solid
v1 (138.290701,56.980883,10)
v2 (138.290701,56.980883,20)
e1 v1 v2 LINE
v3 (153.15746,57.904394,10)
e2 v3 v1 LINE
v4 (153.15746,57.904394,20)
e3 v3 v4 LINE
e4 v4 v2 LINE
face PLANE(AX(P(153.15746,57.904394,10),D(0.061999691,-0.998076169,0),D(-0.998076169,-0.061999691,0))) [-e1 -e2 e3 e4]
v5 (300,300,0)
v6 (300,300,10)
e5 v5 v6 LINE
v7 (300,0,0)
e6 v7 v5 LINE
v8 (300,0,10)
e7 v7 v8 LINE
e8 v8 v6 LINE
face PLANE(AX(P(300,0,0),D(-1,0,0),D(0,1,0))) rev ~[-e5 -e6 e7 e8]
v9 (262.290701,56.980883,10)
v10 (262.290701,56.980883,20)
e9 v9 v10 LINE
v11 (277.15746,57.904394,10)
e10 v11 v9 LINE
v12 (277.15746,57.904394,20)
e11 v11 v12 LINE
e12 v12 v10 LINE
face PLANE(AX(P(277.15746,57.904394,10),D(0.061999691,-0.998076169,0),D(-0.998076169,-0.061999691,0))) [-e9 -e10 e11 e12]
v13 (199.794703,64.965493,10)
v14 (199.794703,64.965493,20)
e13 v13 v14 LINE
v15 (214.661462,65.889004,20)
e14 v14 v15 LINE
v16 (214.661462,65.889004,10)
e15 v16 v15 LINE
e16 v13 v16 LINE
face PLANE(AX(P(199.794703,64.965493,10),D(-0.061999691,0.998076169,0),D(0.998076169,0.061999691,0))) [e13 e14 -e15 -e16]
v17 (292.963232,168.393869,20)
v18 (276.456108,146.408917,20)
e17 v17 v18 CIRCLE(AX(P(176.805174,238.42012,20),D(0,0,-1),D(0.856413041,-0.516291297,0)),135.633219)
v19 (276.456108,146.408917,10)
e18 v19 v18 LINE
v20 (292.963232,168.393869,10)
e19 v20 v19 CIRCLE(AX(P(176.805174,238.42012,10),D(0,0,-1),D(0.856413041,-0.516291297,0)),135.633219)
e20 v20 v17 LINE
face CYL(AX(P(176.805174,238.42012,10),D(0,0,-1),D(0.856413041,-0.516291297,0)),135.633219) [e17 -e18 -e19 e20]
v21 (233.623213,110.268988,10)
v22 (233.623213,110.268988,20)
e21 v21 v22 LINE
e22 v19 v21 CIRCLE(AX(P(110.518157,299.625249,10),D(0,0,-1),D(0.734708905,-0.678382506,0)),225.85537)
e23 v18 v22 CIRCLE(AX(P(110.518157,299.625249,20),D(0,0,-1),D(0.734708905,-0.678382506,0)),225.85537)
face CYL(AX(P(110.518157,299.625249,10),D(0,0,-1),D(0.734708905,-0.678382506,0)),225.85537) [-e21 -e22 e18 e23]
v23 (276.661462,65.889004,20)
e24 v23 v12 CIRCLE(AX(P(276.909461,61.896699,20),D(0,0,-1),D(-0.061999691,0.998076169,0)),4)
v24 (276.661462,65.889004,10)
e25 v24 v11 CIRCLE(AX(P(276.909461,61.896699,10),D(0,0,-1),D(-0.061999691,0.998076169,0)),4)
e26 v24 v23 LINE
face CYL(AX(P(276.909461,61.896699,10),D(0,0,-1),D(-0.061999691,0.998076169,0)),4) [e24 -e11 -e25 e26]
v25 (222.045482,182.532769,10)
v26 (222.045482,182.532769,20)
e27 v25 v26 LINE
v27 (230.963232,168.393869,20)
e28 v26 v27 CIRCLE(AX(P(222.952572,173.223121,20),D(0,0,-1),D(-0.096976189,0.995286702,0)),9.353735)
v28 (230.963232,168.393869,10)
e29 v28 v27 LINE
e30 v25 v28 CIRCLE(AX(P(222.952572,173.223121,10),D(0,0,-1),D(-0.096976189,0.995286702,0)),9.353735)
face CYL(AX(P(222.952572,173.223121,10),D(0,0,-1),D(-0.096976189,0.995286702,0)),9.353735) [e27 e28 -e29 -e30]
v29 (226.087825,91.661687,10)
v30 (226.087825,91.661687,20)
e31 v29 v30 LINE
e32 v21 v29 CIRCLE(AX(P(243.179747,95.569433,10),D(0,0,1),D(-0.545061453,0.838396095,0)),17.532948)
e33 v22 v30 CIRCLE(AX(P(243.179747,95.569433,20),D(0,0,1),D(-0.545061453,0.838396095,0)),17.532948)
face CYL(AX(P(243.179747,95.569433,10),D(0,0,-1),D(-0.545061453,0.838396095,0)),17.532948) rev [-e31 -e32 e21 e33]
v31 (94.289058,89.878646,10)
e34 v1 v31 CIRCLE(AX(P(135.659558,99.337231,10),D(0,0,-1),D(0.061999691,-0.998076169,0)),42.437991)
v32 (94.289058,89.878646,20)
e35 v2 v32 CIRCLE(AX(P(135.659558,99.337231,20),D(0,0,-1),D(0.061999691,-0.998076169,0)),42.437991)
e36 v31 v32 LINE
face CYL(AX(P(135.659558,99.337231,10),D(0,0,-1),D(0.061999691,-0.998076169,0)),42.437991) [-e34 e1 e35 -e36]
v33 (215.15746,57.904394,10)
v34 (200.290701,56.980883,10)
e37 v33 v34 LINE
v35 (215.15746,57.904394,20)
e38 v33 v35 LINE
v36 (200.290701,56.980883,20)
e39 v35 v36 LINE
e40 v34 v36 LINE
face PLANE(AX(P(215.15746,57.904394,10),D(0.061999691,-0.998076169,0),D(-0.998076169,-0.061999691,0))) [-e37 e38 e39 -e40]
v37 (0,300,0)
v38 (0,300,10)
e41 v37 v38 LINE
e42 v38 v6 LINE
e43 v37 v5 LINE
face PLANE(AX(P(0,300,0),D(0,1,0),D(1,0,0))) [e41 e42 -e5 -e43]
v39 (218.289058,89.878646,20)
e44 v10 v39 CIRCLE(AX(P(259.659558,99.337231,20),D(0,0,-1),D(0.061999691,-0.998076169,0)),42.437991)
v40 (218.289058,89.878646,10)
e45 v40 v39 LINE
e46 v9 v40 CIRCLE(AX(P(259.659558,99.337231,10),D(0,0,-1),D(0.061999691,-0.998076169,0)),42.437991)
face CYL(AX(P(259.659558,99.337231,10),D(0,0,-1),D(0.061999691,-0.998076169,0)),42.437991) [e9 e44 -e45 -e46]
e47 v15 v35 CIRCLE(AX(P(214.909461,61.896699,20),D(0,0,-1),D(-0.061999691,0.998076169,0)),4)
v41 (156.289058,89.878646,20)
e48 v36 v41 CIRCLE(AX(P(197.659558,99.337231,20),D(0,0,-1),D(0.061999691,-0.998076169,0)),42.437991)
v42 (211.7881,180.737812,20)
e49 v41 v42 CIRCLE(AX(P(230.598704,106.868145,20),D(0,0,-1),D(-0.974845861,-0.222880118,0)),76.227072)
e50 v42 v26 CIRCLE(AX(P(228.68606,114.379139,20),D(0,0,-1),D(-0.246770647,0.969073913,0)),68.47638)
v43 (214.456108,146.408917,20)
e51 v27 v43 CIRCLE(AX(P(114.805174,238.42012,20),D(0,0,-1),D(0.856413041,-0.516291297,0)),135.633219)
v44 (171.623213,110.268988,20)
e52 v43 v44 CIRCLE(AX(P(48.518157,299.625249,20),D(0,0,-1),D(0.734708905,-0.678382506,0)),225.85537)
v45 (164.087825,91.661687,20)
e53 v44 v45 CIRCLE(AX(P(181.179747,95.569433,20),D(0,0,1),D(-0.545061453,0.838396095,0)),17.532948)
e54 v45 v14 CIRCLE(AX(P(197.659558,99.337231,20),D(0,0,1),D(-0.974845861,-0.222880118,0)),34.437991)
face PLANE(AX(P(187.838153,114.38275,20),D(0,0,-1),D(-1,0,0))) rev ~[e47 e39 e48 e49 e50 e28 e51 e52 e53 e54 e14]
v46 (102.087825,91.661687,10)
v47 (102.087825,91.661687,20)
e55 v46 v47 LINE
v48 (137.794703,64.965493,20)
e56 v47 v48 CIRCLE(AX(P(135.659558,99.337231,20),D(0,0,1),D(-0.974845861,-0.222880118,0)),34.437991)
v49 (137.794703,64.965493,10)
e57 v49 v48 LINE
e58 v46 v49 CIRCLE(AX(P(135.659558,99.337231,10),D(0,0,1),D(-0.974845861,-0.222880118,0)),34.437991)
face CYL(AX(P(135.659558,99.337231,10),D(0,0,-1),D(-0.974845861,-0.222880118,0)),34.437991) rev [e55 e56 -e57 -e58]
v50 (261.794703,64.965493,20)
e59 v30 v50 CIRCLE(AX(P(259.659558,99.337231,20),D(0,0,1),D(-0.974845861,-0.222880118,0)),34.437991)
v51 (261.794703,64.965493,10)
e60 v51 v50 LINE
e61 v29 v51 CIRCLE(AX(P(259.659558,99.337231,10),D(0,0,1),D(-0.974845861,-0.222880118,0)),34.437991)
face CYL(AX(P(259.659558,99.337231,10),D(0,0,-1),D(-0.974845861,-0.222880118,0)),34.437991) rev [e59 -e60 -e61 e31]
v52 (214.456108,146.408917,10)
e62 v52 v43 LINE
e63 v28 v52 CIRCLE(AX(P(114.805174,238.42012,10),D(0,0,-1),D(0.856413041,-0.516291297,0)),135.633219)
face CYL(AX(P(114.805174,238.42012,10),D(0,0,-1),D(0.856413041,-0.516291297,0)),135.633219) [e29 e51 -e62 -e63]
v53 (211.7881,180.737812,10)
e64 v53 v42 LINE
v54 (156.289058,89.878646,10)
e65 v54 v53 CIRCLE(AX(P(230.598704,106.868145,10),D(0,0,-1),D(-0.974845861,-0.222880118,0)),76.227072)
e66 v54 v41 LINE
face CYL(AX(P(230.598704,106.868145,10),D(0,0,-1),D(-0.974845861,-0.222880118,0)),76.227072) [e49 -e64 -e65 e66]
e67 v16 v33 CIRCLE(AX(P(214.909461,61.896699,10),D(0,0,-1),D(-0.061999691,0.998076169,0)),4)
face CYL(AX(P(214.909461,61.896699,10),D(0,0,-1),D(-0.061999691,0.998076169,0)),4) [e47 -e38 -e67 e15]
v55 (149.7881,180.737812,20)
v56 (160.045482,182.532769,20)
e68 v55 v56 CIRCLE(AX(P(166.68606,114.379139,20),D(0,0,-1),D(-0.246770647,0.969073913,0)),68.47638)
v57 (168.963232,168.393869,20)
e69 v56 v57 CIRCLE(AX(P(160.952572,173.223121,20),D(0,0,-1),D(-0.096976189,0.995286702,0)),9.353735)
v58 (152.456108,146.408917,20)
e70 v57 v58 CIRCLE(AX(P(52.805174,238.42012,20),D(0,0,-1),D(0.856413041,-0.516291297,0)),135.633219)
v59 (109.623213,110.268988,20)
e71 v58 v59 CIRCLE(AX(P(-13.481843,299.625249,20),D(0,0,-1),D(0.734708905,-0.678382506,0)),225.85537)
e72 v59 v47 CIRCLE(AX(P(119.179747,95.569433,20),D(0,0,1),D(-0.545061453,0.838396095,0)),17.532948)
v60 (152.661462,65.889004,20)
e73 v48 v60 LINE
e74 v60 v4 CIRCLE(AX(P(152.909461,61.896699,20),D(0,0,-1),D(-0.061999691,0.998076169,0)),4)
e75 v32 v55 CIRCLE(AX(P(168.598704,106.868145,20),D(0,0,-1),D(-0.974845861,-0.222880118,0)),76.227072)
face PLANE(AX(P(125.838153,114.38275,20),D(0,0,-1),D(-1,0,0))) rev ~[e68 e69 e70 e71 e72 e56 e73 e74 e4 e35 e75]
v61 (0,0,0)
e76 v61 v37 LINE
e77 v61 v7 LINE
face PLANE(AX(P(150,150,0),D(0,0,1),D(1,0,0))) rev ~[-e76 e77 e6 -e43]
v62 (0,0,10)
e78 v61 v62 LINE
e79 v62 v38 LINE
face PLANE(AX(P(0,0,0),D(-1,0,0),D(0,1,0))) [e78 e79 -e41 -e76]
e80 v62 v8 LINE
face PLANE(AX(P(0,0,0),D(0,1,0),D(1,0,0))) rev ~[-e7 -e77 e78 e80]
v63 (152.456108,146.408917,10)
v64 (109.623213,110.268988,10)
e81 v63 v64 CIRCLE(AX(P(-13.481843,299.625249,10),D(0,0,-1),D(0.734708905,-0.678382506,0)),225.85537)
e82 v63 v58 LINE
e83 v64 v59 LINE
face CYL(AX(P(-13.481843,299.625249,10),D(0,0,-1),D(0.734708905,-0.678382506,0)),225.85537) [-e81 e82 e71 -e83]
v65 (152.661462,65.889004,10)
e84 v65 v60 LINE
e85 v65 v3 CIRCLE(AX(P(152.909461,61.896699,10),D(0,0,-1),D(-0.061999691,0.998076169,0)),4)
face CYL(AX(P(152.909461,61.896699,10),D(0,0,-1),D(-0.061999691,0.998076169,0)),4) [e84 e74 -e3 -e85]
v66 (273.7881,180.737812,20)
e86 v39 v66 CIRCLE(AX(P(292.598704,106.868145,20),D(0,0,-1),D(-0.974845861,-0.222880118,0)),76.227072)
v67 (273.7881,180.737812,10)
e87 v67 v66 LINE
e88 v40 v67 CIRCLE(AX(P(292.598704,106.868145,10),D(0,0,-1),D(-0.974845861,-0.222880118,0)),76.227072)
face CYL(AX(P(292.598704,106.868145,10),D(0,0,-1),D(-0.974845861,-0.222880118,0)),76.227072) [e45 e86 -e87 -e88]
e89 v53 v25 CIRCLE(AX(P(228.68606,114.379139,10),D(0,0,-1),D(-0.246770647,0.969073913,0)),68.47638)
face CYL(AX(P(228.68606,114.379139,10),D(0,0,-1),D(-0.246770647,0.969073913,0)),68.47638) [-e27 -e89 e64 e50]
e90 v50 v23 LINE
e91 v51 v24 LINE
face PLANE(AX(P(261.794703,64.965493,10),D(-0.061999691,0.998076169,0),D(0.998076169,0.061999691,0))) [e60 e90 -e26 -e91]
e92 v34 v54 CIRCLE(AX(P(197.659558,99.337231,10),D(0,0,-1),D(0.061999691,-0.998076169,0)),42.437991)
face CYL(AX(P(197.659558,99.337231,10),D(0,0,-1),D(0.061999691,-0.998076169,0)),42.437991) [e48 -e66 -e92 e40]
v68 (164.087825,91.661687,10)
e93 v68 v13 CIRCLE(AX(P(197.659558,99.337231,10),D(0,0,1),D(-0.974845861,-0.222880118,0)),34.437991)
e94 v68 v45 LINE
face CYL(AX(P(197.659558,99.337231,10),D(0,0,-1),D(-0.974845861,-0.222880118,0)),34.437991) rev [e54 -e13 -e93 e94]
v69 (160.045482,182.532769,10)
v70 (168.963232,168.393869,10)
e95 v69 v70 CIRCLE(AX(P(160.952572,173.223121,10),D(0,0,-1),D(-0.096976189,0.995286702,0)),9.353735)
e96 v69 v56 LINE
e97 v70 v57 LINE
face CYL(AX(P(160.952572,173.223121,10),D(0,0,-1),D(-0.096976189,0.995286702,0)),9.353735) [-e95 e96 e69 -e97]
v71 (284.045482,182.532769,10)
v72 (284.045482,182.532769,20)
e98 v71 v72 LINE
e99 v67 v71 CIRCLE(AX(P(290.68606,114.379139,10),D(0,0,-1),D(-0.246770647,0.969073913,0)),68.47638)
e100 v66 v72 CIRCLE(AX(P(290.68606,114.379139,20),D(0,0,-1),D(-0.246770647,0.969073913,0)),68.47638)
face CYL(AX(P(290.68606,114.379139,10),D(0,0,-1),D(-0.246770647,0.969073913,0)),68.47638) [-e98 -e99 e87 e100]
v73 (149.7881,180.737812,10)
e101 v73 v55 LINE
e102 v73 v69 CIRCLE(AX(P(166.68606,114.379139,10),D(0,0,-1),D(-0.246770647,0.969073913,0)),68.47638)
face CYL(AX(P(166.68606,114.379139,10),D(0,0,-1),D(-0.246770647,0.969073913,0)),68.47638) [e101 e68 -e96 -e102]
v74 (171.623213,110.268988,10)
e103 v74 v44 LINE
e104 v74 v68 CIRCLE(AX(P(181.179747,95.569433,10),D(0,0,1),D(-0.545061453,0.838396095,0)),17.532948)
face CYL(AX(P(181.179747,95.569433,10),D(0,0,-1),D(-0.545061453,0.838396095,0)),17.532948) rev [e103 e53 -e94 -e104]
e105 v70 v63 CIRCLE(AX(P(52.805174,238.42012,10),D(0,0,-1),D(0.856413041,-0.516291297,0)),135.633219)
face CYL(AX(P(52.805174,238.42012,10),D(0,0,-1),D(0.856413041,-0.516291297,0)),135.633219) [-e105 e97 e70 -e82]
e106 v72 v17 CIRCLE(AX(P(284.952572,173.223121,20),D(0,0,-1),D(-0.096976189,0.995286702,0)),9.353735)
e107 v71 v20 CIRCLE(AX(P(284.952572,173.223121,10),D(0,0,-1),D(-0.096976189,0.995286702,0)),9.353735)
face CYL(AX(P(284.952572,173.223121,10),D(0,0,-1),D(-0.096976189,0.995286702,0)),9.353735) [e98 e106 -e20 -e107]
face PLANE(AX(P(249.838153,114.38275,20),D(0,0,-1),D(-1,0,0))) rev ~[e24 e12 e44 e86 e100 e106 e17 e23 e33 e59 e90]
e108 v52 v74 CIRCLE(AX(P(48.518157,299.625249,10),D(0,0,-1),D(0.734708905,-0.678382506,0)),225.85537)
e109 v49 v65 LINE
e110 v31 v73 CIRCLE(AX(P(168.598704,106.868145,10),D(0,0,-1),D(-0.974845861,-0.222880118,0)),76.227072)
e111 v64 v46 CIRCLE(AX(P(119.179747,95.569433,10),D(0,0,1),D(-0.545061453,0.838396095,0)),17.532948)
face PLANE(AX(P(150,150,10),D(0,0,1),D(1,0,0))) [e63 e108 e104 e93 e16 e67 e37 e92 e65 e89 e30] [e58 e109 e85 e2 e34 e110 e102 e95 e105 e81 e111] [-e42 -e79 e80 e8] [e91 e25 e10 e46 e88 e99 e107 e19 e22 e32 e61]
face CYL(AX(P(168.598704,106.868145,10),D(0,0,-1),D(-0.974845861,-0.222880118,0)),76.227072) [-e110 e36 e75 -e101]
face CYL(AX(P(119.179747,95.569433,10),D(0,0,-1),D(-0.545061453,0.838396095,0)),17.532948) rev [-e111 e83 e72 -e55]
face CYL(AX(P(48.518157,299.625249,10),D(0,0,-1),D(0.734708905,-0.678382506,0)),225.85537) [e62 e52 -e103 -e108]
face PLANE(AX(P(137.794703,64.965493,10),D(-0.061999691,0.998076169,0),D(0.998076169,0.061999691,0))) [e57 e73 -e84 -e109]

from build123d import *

# Parameters (mm, degrees)
SKICA1_W                = 300
SKICA1_H                = 300
P_IDAT_VYSUNUT_M1_DEPTH = 10
P_IDAT_VYSUNUT_M3_DEPTH = 10


with BuildPart() as part:
    # Skica1 → Přidat vysunutím1 (new body)
    with BuildSketch(Plane.XY):
        with Locations((150, 150)):
            Rectangle(SKICA1_W, SKICA1_H)
    extrude(amount=P_IDAT_VYSUNUT_M1_DEPTH)

    # Skica3 → Přidat vysunutím3 (add)
    with BuildSketch(Plane.XY.offset(10)):
        with BuildLine():
            Line((153.157459628, 57.904394304), (138.29070055, 56.980883154))
            ThreePointArc((138.29070055, 56.980883154), (110.247943411, 65.348513102), (94.289058074, 89.878646361))
            ThreePointArc((94.289058074, 89.878646361), (103.547245504, 146.603196293), (149.788099838, 180.737812008))
            ThreePointArc((149.788099838, 180.737812008), (154.882621426, 181.830553973), (160.045482007, 182.53276892))
            ThreePointArc((160.045482007, 182.53276892), (168.864101161, 178.213116415), (168.96323198, 168.393869264))
            ThreePointArc((168.96323198, 168.393869264), (161.268139192, 156.982073578), (152.456108269, 146.408916775))
            ThreePointArc((152.456108269, 146.408916775), (132.164950971, 127.005263014), (109.623212842, 110.268988463))
            ThreePointArc((109.623212842, 110.268988463), (102.928809573, 102.150565652), (102.087824963, 91.661687307))
            ThreePointArc((102.087824963, 91.661687307), (115.038295459, 71.755737716), (137.794703021, 64.965492503))
            Line((137.794703021, 64.965492503), (152.6614621, 65.889003653))
            ThreePointArc((152.6614621, 65.889003653), (156.901765538, 62.144697743), (153.157459628, 57.904394304))
        make_face()
        with BuildLine():
            Line((215.157459628, 57.904394304), (200.29070055, 56.980883154))
            ThreePointArc((200.29070055, 56.980883154), (172.247943411, 65.348513102), (156.289058074, 89.878646361))
            ThreePointArc((156.289058074, 89.878646361), (165.547245504, 146.603196293), (211.788099838, 180.737812008))
            ThreePointArc((211.788099838, 180.737812008), (216.882621426, 181.830553973), (222.045482007, 182.53276892))
            ThreePointArc((222.045482007, 182.53276892), (230.864101161, 178.213116415), (230.96323198, 168.393869264))
            ThreePointArc((230.96323198, 168.393869264), (223.268139192, 156.982073578), (214.456108269, 146.408916775))
            ThreePointArc((214.456108269, 146.408916775), (194.164950971, 127.005263014), (171.623212842, 110.268988463))
            ThreePointArc((171.623212842, 110.268988463), (164.928809573, 102.150565652), (164.087824963, 91.661687307))
            ThreePointArc((164.087824963, 91.661687307), (177.038295459, 71.755737716), (199.794703021, 64.965492503))
            Line((199.794703021, 64.965492503), (214.6614621, 65.889003653))
            ThreePointArc((214.6614621, 65.889003653), (218.901765538, 62.144697743), (215.157459628, 57.904394304))
        make_face()
        with BuildLine():
            Line((277.157459628, 57.904394304), (262.29070055, 56.980883154))
            ThreePointArc((262.29070055, 56.980883154), (234.247943411, 65.348513102), (218.289058074, 89.878646361))
            ThreePointArc((218.289058074, 89.878646361), (227.547245504, 146.603196293), (273.788099838, 180.737812008))
            ThreePointArc((273.788099838, 180.737812008), (278.882621426, 181.830553973), (284.045482007, 182.53276892))
            ThreePointArc((284.045482007, 182.53276892), (292.864101161, 178.213116415), (292.96323198, 168.393869264))
            ThreePointArc((292.96323198, 168.393869264), (285.268139192, 156.982073578), (276.456108269, 146.408916775))
            ThreePointArc((276.456108269, 146.408916775), (256.164950971, 127.005263014), (233.623212842, 110.268988463))
            ThreePointArc((233.623212842, 110.268988463), (226.928809573, 102.150565652), (226.087824963, 91.661687307))
            ThreePointArc((226.087824963, 91.661687307), (239.038295459, 71.755737716), (261.794703021, 64.965492503))
            Line((261.794703021, 64.965492503), (276.6614621, 65.889003653))
            ThreePointArc((276.6614621, 65.889003653), (280.901765538, 62.144697743), (277.157459628, 57.904394304))
        make_face()
    extrude(amount=P_IDAT_VYSUNUT_M3_DEPTH)


solid = part.part
